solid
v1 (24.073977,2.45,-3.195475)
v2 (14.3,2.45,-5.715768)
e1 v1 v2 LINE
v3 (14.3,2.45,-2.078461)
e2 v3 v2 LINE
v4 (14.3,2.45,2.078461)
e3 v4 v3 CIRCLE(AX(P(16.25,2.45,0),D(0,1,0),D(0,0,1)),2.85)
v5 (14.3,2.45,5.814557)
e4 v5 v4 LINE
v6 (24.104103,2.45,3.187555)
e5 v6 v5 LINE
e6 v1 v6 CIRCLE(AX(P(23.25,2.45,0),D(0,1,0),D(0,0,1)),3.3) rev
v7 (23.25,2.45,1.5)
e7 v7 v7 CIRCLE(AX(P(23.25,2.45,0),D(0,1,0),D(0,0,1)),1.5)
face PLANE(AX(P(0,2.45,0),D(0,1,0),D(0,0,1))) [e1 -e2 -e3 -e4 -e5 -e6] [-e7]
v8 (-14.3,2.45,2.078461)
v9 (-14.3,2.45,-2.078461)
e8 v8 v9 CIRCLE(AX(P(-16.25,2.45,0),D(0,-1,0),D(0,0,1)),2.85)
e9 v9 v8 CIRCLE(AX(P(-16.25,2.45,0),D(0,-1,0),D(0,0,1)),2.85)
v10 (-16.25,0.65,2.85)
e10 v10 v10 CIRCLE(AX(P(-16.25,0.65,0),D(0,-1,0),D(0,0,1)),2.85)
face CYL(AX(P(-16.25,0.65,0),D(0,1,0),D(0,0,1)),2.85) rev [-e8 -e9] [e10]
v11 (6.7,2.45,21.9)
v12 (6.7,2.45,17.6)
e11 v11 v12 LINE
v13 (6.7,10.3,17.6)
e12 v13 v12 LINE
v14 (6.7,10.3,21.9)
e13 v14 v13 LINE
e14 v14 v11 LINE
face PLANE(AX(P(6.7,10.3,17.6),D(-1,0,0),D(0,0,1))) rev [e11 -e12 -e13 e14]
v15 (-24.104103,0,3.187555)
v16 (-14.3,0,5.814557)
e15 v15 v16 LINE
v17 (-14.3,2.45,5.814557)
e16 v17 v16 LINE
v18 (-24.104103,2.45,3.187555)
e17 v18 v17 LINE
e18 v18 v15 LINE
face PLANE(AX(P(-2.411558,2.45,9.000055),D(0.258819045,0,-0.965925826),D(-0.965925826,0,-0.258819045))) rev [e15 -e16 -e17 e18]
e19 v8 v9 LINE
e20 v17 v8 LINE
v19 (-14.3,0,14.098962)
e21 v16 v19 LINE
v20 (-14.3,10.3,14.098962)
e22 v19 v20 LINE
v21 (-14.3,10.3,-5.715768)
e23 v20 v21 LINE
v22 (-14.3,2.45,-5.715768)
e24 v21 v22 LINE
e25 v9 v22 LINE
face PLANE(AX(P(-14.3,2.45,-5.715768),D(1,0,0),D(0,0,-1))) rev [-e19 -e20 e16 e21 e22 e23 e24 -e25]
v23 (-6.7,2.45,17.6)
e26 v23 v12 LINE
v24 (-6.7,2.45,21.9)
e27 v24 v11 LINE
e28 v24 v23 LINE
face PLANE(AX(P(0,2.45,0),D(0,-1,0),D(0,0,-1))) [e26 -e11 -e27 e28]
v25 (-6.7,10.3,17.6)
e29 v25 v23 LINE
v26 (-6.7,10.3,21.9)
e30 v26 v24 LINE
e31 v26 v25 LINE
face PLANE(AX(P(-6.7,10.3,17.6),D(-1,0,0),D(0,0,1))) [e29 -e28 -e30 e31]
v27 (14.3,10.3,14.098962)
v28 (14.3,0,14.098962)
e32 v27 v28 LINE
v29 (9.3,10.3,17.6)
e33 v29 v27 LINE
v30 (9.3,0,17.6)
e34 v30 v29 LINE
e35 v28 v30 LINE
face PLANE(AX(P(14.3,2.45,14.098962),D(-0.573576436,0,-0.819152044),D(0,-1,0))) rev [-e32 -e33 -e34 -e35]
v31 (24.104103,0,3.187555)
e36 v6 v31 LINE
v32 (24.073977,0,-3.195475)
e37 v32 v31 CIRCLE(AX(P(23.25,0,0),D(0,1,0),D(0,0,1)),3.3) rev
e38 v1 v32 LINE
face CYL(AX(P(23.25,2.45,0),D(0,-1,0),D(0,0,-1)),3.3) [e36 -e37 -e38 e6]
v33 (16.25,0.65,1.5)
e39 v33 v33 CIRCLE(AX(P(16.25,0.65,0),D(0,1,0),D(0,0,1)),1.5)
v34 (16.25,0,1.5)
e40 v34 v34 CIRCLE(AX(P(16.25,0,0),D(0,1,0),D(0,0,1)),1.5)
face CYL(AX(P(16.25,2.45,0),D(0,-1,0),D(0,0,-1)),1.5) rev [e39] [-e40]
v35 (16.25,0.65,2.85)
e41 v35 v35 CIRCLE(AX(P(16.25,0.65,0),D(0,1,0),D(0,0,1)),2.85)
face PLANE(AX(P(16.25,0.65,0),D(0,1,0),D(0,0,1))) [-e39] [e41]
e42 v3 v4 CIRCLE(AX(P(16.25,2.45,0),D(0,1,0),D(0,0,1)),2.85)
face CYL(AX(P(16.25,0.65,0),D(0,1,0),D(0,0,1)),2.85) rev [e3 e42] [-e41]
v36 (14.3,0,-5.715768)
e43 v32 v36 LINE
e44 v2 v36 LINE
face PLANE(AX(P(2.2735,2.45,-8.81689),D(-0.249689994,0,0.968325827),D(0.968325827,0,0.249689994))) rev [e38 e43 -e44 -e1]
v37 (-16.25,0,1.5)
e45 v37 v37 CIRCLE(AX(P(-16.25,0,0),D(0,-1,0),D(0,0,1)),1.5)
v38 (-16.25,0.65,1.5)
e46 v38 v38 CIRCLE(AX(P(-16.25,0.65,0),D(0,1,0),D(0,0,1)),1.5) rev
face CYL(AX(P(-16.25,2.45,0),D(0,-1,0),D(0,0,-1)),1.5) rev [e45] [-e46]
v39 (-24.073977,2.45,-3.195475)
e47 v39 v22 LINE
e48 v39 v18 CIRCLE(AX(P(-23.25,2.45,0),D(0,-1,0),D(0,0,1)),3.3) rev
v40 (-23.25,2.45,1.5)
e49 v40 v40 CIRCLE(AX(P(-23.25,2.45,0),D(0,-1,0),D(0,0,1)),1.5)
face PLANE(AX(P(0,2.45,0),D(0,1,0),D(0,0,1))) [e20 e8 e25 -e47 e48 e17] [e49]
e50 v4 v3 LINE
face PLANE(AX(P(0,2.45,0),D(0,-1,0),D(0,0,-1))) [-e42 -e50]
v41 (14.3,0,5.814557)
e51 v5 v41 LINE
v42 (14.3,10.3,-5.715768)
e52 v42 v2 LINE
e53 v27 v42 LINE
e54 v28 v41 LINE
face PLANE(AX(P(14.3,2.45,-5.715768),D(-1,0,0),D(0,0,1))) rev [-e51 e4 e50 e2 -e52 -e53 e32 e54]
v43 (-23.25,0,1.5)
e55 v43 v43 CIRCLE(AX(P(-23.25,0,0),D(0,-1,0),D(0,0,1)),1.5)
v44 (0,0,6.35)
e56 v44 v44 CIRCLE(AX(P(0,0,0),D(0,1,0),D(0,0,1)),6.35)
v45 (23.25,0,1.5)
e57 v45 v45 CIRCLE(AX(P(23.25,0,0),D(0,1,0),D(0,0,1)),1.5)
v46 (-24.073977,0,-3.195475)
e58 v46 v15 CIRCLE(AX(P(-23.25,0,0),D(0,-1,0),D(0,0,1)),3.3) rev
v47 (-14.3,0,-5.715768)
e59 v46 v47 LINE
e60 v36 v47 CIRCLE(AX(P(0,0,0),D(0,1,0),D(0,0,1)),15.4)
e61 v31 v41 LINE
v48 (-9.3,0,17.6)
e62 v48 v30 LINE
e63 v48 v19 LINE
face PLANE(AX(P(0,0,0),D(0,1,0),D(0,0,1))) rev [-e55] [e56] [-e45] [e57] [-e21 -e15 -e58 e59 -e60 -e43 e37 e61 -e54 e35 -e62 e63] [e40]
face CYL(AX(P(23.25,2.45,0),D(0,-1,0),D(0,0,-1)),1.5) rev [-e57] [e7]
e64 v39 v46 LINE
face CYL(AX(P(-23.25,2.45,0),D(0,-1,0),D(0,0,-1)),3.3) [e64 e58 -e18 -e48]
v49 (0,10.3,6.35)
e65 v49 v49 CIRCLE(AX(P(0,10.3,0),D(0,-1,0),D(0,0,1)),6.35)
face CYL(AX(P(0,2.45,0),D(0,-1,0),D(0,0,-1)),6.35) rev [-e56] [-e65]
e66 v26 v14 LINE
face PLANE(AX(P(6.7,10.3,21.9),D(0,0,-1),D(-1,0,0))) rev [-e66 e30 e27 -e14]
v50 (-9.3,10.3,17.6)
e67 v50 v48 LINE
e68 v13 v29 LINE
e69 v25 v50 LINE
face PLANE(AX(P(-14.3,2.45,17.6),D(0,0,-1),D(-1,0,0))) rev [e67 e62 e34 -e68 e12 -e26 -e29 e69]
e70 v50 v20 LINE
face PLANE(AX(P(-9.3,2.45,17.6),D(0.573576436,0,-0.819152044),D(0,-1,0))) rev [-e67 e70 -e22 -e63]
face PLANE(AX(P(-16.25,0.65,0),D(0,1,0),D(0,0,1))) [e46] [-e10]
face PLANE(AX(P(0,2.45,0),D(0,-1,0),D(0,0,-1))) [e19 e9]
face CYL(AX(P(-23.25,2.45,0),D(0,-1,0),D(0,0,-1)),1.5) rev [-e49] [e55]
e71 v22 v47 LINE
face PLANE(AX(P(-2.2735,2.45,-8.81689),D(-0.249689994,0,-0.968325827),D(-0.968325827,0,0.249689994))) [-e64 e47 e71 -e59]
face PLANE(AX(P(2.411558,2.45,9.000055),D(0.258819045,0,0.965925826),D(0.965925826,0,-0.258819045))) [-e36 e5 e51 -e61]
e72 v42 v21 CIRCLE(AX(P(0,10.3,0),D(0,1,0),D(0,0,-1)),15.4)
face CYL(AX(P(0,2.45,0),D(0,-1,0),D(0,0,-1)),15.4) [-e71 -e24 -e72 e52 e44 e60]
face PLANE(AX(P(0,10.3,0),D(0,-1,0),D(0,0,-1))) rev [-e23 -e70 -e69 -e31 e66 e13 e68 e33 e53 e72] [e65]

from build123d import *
from build123d.topology import SkipClean

# Parameters (mm, degrees)
SKETCH1_R           = 6.35
BOSS_EXTRUDE1_DEPTH = 2.45
SKETCH2_R           = 1.5
BOSS_EXTRUDE2_DEPTH = 2.45
SKETCH3_R           = 2.85
CUT_EXTRUDE1_DEPTH  = 1.8
CHAMFER1_SIZE       = 5
CHAMFER1_SIZE2      = 3.501037691
BOSS_EXTRUDE3_DEPTH = 7.85


with BuildPart() as part:
    # Sketch1 → Boss-Extrude1 (new body)
    with BuildSketch(Plane(origin=(0, 0, 0), x_dir=(1, 0, 0), z_dir=(0, 1, 0))):
        with BuildLine():
            Line((-14.3, -17.6), (14.3, -17.6))
            Line((14.3, -17.6), (14.3, 5.715767665))
            ThreePointArc((14.3, 5.715767665), (0, 15.4), (-14.3, 5.715767665))
            Line((-14.3, 5.715767665), (-14.3, -17.6))
        make_face()
        with Locations(Location((0, 0, 0), (0, 0, 270))):
            Circle(SKETCH1_R, mode=Mode.SUBTRACT)
    extrude(amount=BOSS_EXTRUDE1_DEPTH)

    # Sketch2 → Boss-Extrude2 (add)
    with BuildSketch(Plane(origin=(0, 0, 0), x_dir=(1, 0, 0), z_dir=(0, 1, 0))):
        with BuildLine():
            ThreePointArc((24.104102849, -3.187555227), (26.549963246, 0.015574774), (24.073976981, 3.195475228))
            Line((24.073976981, 3.195475228), (14.3, 5.715767665))
            Line((14.3, 5.715767665), (14.3, -5.814556668))
            Line((14.3, -5.814556668), (24.104102849, -3.187555227))
        make_face()
        with Locations(Location((16.25, 0, 0), (0, 0, 270))):
            Circle(SKETCH2_R, mode=Mode.SUBTRACT)
        with Locations(Location((23.25, 0, 0), (0, 0, 270))):
            Circle(SKETCH2_R, mode=Mode.SUBTRACT)
    boss_extrude2 = extrude(amount=BOSS_EXTRUDE2_DEPTH)

    # Sketch3 → Cut-Extrude1 (cut)
    with BuildSketch(Plane(origin=(0, 2.45, 0), x_dir=(1, 0, 0), z_dir=(0, 1, 0))):
        with Locations(Location((16.25, 0, 0), (0, 0, 270))):
            Circle(SKETCH3_R)
    cut_extrude1 = extrude(amount=-CUT_EXTRUDE1_DEPTH, mode=Mode.SUBTRACT)

    # Mirror1: Boss-Extrude2, Cut-Extrude1 across plane
    add(boss_extrude2.mirror(Plane(origin=(0, 0, 0), x_dir=(0, 0, 1), z_dir=(1, 0, 0))))
    add(cut_extrude1.mirror(Plane(origin=(0, 0, 0), x_dir=(0, 0, 1), z_dir=(1, 0, 0))), mode=Mode.SUBTRACT)

    # Chamfer1
    chamfer1_edges = [part.edges().sort_by_distance(p)[0] for p in [
        (-14.3, 1.225, 17.6),
        (14.3, 1.225, 17.6),
    ]]
    chamfer1_side = [part.faces().sort_by_distance(p)[0] for p in [
        (0, 1.225, 17.6),
    ]]
    chamfer(chamfer1_edges, length=CHAMFER1_SIZE, length2=CHAMFER1_SIZE2, reference=chamfer1_side[0])

    # Sketch5 → Boss-Extrude3 (add)
    with BuildSketch(Plane(origin=(0, 2.45, 0), x_dir=(1, 0, 0), z_dir=(0, 1, 0))):
        with BuildLine():
            Line((14.3, 5.715767665), (14.3, -14.098962309))
            Line((14.3, -14.098962309), (9.3, -17.6))
            Line((9.3, -17.6), (6.7, -17.6))
            Line((6.7, -17.6), (6.7, -21.9))
            Line((6.7, -21.9), (0, -21.9))
            Line((0, -21.9), (0, -6.35))
            ThreePointArc((0, -6.35), (6.35, 0), (0, 6.35))
            Line((0, 6.35), (0, 15.4))
            ThreePointArc((0, 15.4), (8.63531059, 12.751133715), (14.3, 5.715767665))
        make_face()
    boss_extrude3 = extrude(amount=BOSS_EXTRUDE3_DEPTH)

    # Mirror2: Boss-Extrude3 across plane
    with SkipClean():  # the faces are left unmerged after this step: merging them gives an invalid solid
        add(boss_extrude3.mirror(Plane(origin=(0, 0, 0), x_dir=(0, 0, 1), z_dir=(1, 0, 0))))


solid = part.part
